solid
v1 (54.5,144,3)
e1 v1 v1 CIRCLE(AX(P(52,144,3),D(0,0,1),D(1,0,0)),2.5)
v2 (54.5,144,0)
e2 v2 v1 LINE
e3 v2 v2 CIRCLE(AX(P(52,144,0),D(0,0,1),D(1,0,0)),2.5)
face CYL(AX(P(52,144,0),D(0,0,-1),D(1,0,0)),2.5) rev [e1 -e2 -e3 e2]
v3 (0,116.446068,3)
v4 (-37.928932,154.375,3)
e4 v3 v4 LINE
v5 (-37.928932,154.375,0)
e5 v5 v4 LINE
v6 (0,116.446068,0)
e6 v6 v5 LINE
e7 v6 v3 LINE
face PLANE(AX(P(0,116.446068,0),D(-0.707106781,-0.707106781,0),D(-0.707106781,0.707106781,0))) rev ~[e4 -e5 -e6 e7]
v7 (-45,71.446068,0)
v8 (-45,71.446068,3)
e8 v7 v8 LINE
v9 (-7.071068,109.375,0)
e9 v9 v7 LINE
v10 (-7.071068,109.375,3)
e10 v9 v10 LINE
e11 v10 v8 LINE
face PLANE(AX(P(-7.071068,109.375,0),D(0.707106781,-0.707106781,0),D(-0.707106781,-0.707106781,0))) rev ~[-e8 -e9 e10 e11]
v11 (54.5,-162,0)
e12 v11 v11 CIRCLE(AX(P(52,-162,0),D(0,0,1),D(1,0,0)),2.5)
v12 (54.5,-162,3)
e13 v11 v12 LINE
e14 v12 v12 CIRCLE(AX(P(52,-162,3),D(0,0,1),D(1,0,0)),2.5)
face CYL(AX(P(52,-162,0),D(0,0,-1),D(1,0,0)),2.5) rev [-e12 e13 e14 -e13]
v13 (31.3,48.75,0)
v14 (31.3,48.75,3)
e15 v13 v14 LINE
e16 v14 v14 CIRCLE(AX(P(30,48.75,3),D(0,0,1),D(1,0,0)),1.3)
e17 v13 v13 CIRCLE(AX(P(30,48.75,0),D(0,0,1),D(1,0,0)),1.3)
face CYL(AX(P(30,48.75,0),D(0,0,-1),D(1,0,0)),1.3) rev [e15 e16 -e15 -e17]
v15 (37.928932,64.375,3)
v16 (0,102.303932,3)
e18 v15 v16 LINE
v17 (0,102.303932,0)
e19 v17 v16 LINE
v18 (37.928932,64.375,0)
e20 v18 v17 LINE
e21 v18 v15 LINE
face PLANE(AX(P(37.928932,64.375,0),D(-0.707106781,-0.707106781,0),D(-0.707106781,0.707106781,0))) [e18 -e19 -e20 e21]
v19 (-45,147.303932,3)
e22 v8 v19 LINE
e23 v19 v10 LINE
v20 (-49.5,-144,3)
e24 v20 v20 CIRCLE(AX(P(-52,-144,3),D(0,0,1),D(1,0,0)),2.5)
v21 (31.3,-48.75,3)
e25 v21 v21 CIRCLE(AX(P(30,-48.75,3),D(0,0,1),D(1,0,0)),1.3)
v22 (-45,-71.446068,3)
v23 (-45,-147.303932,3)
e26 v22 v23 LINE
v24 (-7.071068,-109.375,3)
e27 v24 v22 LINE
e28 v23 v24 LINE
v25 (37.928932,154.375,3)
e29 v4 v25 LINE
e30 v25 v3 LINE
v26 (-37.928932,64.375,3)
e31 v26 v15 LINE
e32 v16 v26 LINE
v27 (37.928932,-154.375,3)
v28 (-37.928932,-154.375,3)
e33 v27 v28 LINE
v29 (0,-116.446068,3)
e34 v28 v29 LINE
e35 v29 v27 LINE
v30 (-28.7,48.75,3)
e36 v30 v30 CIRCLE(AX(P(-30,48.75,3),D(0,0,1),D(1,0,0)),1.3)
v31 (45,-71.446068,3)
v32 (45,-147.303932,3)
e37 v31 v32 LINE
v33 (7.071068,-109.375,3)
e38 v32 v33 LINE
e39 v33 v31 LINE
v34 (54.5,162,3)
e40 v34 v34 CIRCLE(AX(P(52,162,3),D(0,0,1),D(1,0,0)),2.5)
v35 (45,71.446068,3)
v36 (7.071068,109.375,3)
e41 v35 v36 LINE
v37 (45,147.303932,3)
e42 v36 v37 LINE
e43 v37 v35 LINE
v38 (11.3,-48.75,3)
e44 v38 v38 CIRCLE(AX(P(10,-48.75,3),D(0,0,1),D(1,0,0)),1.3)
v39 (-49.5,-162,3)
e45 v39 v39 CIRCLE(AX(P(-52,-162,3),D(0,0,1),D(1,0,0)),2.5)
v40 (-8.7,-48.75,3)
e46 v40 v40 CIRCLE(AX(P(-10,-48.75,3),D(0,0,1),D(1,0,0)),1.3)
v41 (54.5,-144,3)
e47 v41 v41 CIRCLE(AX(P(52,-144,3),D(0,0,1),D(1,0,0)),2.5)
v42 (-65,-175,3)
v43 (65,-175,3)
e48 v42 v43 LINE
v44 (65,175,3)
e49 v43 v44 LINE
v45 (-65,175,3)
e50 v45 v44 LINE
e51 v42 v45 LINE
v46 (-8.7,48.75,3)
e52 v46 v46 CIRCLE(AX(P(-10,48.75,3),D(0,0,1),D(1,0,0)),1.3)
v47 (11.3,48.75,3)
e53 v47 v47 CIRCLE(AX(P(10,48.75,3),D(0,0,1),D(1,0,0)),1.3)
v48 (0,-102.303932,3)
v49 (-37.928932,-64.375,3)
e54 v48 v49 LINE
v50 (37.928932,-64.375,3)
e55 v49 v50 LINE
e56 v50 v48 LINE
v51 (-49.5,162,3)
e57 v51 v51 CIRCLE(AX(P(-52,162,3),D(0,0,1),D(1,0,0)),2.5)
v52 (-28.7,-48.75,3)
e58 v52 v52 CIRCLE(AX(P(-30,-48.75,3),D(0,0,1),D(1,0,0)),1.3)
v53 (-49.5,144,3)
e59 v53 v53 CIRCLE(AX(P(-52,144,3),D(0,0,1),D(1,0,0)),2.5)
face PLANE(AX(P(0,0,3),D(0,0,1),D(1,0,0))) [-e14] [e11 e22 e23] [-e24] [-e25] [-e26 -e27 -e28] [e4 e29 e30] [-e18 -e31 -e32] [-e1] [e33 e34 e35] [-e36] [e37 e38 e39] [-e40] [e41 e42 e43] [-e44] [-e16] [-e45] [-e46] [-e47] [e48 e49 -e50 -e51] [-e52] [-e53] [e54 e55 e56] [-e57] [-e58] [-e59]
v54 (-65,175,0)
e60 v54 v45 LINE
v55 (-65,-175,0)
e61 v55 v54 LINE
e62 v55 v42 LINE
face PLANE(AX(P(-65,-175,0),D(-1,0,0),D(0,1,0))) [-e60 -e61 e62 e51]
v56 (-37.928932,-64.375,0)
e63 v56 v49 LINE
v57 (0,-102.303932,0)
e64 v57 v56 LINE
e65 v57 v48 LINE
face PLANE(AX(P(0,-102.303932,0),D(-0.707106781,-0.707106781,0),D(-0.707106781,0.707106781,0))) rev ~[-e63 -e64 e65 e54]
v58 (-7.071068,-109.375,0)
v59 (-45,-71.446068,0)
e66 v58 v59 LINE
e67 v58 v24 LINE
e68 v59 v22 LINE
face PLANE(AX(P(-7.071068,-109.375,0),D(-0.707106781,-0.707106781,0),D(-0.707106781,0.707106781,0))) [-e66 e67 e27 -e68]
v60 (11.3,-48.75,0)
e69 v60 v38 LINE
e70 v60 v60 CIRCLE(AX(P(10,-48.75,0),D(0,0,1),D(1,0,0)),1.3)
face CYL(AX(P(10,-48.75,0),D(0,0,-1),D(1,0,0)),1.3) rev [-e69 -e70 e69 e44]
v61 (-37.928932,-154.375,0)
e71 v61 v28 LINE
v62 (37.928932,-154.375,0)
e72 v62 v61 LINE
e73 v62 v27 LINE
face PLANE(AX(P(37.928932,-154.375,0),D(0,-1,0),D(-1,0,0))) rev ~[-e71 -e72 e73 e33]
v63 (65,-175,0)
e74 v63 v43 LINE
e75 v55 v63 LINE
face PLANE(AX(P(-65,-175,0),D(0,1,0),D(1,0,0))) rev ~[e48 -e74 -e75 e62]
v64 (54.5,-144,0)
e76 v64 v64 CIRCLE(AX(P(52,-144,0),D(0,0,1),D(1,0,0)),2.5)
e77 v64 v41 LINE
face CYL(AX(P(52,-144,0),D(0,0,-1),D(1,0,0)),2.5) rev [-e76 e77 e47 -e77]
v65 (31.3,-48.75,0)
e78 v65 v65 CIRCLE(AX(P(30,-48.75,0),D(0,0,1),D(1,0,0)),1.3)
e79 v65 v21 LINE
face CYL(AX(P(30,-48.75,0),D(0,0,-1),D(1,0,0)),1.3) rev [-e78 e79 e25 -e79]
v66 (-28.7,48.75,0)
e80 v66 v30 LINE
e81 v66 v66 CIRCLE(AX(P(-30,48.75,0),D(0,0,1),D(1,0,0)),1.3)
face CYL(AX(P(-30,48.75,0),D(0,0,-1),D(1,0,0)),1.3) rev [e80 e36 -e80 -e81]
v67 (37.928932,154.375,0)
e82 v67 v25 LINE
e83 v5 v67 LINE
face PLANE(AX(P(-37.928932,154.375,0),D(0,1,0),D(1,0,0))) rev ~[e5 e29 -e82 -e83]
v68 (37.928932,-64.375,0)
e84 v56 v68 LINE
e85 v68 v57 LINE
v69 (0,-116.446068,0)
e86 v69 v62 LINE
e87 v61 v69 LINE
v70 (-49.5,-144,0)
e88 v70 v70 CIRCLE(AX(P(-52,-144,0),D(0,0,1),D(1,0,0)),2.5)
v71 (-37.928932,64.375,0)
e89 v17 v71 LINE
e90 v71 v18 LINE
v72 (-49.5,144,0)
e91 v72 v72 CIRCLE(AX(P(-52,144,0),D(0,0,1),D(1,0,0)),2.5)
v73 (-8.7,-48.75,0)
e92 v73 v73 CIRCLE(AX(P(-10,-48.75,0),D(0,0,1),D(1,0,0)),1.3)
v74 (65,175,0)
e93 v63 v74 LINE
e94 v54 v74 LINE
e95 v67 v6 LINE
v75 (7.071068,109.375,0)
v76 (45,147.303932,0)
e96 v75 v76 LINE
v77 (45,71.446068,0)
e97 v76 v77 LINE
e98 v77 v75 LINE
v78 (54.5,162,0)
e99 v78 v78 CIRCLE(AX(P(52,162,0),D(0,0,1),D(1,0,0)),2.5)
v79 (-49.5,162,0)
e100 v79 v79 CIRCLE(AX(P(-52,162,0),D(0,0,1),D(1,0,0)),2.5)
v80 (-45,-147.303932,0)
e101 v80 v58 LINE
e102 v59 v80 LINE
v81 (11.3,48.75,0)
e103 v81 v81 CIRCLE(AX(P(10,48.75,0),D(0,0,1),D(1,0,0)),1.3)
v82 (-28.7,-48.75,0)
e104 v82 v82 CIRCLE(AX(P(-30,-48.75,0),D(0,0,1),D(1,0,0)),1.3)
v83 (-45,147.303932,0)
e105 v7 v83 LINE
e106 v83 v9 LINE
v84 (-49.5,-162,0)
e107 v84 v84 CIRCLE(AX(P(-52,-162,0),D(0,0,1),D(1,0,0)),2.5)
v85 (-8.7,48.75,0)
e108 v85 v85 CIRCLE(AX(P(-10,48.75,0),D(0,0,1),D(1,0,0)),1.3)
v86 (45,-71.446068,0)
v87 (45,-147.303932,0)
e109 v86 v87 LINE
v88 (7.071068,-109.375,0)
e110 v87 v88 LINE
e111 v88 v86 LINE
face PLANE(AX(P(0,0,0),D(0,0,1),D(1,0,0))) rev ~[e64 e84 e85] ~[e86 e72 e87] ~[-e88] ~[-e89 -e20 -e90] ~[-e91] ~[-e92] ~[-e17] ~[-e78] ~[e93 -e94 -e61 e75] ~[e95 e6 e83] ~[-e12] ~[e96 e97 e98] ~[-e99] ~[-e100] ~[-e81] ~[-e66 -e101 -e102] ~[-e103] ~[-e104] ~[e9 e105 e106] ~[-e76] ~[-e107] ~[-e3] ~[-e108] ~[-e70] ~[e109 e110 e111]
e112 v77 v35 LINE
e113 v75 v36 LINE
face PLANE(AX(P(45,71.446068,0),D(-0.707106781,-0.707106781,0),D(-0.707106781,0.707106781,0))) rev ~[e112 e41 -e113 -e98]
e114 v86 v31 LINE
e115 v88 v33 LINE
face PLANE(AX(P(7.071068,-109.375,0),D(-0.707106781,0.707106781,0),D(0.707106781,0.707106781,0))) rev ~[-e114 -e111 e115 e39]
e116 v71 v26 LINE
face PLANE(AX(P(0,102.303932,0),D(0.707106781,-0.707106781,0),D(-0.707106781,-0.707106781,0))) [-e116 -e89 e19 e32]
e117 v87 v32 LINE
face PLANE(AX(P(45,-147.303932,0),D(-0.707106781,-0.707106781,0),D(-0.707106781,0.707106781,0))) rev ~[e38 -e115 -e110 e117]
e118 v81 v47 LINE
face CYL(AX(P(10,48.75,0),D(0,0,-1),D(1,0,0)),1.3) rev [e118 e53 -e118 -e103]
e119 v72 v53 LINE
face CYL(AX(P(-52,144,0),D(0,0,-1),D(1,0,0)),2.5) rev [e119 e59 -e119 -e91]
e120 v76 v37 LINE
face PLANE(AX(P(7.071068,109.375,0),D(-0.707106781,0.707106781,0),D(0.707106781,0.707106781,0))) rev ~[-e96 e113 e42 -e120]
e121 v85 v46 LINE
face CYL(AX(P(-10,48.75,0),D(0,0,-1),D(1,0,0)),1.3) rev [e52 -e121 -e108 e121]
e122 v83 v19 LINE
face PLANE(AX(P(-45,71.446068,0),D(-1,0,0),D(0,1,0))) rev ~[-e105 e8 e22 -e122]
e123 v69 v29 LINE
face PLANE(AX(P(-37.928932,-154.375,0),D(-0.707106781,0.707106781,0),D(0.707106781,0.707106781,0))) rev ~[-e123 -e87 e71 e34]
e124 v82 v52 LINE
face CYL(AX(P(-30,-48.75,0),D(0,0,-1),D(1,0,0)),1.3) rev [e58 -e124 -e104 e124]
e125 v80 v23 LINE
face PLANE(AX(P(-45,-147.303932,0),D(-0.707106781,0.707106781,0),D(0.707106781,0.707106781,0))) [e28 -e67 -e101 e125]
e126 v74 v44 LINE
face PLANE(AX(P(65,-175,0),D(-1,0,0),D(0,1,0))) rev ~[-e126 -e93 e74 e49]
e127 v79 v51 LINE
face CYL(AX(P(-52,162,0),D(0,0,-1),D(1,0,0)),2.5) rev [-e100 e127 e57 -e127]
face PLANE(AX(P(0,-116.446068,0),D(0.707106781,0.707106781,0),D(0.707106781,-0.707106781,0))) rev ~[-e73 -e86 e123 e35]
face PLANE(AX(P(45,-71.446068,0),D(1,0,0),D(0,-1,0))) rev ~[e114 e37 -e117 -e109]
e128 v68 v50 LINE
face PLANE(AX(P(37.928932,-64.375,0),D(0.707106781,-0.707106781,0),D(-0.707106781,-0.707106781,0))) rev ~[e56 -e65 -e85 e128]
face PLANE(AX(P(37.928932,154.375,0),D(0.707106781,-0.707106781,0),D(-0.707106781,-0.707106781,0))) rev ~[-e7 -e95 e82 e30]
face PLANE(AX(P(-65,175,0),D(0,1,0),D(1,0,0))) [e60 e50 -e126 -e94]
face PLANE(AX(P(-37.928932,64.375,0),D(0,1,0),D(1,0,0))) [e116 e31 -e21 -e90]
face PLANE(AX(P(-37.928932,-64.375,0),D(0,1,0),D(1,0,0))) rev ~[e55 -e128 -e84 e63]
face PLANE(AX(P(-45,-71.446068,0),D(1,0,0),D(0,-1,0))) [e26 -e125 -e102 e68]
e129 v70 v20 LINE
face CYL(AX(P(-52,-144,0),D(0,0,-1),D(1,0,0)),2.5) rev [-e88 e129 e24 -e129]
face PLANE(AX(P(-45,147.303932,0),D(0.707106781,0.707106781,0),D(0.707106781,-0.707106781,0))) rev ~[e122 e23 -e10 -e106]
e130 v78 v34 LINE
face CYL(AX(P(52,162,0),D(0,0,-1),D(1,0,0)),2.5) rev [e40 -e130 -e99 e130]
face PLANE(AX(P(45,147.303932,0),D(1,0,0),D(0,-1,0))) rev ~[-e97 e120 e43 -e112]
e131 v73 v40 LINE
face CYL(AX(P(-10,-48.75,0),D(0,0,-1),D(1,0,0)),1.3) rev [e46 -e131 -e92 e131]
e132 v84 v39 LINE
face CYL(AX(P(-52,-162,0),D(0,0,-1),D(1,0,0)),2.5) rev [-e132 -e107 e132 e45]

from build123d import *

# Parameters (mm, degrees)
SKETCH_1_W      = 130
SKETCH_1_H      = 350
SKETCH_1_R      = 1.3
SKETCH_1_R_2    = 2.5
EXTRUDE_1_DEPTH = 3


with BuildPart() as part:
    # 草圖1 → 填料-伸長1 (new body)
    with BuildSketch(Plane.XY):
        Rectangle(SKETCH_1_W, SKETCH_1_H)
        with Locations((-30, 48.75)):
            Circle(SKETCH_1_R, mode=Mode.SUBTRACT)
        with Locations((-10, 48.75)):
            Circle(SKETCH_1_R, mode=Mode.SUBTRACT)
        with Locations((10, 48.75)):
            Circle(SKETCH_1_R, mode=Mode.SUBTRACT)
        with Locations((30, 48.75)):
            Circle(SKETCH_1_R, mode=Mode.SUBTRACT)
        with Locations((-30, -48.75)):
            Circle(SKETCH_1_R, mode=Mode.SUBTRACT)
        with Locations((-10, -48.75)):
            Circle(SKETCH_1_R, mode=Mode.SUBTRACT)
        with Locations((10, -48.75)):
            Circle(SKETCH_1_R, mode=Mode.SUBTRACT)
        with Locations((30, -48.75)):
            Circle(SKETCH_1_R, mode=Mode.SUBTRACT)
        with Locations((-52, -162)):
            Circle(SKETCH_1_R_2, mode=Mode.SUBTRACT)
        with Locations((-52, -144)):
            Circle(SKETCH_1_R_2, mode=Mode.SUBTRACT)
        with Locations((52, -144)):
            Circle(SKETCH_1_R_2, mode=Mode.SUBTRACT)
        with Locations((52, -162)):
            Circle(SKETCH_1_R_2, mode=Mode.SUBTRACT)
        with Locations((52, 162)):
            Circle(SKETCH_1_R_2, mode=Mode.SUBTRACT)
        with Locations((52, 144)):
            Circle(SKETCH_1_R_2, mode=Mode.SUBTRACT)
        with Locations((-52, 162)):
            Circle(SKETCH_1_R_2, mode=Mode.SUBTRACT)
        with Locations((-52, 144)):
            Circle(SKETCH_1_R_2, mode=Mode.SUBTRACT)
        Polygon((-37.928932188, -64.375), (37.928932188, -64.375), (0, -102.303932188), align=None, mode=Mode.SUBTRACT)
        Polygon((-7.071067812, -109.375), (-45, -71.446067812), (-45, -147.303932188), align=None, mode=Mode.SUBTRACT)
        Polygon((0, -116.446067812), (37.928932188, -154.375), (-37.928932188, -154.375), align=None, mode=Mode.SUBTRACT)
        Polygon((7.071067812, -109.375), (45, -71.446067812), (45, -147.303932188), align=None, mode=Mode.SUBTRACT)
        Polygon((-37.928932188, 154.375), (37.928932188, 154.375), (0, 116.446067812), align=None, mode=Mode.SUBTRACT)
        Polygon((-45, 147.303932188), (-7.071067812, 109.375), (-45, 71.446067812), align=None, mode=Mode.SUBTRACT)
        Polygon((0, 102.303932188), (-37.928932188, 64.375), (37.928932188, 64.375), align=None, mode=Mode.SUBTRACT)
        Polygon((7.071067812, 109.375), (45, 147.303932188), (45, 71.446067812), align=None, mode=Mode.SUBTRACT)
    extrude(amount=EXTRUDE_1_DEPTH)


solid = part.part
